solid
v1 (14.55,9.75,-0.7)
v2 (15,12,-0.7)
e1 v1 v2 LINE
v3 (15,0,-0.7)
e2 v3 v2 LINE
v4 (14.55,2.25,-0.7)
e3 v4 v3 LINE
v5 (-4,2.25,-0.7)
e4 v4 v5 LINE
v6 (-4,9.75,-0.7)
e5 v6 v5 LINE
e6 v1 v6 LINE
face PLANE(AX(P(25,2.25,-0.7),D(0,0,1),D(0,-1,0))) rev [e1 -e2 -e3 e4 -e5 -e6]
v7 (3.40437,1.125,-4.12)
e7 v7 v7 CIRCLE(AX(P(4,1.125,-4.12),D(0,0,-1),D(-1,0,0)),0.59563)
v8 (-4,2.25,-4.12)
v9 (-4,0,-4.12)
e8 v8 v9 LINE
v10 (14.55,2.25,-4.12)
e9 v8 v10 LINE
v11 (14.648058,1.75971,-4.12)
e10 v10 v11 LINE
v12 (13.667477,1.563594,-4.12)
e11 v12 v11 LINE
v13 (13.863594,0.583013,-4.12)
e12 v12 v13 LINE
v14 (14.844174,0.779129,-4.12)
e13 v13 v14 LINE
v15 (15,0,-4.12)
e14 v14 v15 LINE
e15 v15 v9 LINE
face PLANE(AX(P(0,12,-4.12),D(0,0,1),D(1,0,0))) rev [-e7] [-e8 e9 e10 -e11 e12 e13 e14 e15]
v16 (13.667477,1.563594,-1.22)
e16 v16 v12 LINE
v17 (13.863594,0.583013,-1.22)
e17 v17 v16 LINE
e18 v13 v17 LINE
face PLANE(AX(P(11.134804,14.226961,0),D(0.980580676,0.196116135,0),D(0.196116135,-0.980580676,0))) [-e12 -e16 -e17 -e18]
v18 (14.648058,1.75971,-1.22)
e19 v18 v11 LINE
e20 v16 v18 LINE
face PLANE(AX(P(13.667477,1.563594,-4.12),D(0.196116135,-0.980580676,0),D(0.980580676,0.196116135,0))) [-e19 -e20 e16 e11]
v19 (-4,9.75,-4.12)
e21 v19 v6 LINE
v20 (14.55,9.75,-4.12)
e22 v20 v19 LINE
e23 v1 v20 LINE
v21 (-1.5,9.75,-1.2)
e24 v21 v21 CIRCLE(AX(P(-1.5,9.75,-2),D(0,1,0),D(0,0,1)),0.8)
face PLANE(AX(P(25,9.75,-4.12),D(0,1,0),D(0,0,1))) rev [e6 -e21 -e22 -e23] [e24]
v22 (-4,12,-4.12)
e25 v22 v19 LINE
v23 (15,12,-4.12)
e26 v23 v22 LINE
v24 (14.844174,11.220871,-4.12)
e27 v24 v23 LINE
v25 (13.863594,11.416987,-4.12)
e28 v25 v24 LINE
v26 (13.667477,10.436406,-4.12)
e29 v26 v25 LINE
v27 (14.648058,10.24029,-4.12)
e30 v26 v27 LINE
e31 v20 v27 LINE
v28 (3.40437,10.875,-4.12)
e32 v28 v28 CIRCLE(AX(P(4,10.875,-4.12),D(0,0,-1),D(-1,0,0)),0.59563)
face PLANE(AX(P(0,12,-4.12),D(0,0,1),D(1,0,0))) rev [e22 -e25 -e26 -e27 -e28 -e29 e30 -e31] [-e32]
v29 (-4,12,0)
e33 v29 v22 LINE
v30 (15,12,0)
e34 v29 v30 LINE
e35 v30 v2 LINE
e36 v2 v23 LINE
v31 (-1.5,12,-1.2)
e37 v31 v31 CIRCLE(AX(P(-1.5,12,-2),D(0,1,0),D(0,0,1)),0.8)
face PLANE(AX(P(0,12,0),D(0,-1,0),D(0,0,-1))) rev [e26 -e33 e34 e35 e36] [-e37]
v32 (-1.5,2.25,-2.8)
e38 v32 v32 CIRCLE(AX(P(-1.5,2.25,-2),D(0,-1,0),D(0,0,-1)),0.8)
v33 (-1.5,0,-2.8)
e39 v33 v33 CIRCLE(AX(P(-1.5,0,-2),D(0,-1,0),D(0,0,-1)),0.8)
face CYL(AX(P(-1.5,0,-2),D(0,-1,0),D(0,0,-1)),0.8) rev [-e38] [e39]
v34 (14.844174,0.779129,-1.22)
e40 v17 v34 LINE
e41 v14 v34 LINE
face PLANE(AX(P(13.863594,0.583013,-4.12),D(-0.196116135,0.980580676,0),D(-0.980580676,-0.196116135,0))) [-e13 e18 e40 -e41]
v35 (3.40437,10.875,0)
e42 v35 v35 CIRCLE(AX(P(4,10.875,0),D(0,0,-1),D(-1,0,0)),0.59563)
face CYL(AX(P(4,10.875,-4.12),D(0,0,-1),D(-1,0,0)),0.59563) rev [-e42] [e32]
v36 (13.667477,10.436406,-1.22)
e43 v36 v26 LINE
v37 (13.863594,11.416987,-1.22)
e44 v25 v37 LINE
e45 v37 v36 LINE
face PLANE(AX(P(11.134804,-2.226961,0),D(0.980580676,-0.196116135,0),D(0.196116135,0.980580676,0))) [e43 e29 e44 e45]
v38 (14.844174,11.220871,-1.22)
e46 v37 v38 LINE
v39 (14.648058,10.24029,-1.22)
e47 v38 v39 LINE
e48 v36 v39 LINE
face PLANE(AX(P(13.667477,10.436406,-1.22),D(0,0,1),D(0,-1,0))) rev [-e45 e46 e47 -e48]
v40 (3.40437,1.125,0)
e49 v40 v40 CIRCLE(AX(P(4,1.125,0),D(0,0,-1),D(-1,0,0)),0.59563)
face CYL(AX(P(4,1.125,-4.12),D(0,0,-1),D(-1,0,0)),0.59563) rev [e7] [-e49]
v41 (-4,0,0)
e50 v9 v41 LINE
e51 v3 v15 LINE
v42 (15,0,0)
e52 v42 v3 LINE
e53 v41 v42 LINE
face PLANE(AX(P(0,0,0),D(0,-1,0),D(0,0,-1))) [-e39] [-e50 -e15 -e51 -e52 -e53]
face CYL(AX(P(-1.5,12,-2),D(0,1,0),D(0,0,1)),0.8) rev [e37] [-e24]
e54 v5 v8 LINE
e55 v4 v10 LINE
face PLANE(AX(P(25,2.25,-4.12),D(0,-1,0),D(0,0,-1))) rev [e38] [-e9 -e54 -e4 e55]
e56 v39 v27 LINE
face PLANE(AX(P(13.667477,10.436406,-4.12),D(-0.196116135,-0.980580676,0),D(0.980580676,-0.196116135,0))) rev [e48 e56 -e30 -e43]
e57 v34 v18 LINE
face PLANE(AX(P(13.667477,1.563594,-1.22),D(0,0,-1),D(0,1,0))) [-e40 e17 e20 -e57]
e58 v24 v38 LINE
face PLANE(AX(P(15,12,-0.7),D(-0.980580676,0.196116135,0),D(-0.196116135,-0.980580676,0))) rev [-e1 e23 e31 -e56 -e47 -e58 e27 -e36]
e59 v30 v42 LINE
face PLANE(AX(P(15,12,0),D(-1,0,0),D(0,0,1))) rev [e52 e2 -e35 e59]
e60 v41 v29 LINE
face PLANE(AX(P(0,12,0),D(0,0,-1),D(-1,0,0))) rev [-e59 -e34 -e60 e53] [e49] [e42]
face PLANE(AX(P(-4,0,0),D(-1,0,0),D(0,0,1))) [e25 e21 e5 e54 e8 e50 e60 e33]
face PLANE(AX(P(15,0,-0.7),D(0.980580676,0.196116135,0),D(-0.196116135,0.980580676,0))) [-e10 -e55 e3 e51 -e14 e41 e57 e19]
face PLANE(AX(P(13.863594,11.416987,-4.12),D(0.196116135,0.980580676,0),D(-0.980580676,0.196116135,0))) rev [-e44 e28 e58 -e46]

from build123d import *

# Parameters (mm, degrees)
SKETCH1_W           = 15
SKETCH1_H           = 4.12
BOSS_EXTRUDE1_DEPTH = 12
SKETCH3_W           = 3.42
SKETCH3_H           = 7.5
CUT_EXTRUDE1_DEPTH  = 25
CUT_EXTRUDE3_DEPTH  = 3.42
SKETCH7_W           = 2.9
SKETCH7_H           = 1
CUT_EXTRUDE4_DEPTH  = 1
BOSS_EXTRUDE2_DEPTH = 4


with BuildPart() as part:
    # Sketch1 → Boss-Extrude1 (new body)
    with BuildSketch(Plane(origin=(0, 0, 0), x_dir=(1, 0, 0), z_dir=(0, 1, 0))):
        with Locations((7.5, 2.06)):
            Rectangle(SKETCH1_W, SKETCH1_H)
    extrude(amount=BOSS_EXTRUDE1_DEPTH)

    # Sketch3 → Cut-Extrude1 (cut)
    with BuildSketch(Plane.ZY):
        with Locations((-2.41, 6)):
            Rectangle(SKETCH3_W, SKETCH3_H)
    extrude(amount=-CUT_EXTRUDE1_DEPTH, mode=Mode.SUBTRACT)

    # Sketch5 → Cut-Extrude3 (cut)
    with BuildSketch(Plane(origin=(0, 0, -4.12), x_dir=(-1, 0, 0), z_dir=(0, 0, -1))):
        Polygon((-15, 12), (-14.55, 9.75), (-15, 9.75), align=None)
    cut_extrude3 = extrude(amount=-CUT_EXTRUDE3_DEPTH, mode=Mode.SUBTRACT)

    # Mirror2: Cut-Extrude3 across plane
    add(cut_extrude3.mirror(Plane(origin=(0, 6, 0), x_dir=(0, 0, 1), z_dir=(0, -1, 0))), mode=Mode.SUBTRACT)

    # Sketch7 → Cut-Extrude4 (cut)
    with BuildSketch(Plane(origin=(12.115384617, -2.423076922, 0), x_dir=(0, 0, -1), z_dir=(0.9805806757046813, -0.19611613506937897, 0))):
        with Locations((2.67, 13.414151353)):
            Rectangle(SKETCH7_W, SKETCH7_H)
    cut_extrude4 = extrude(amount=-CUT_EXTRUDE4_DEPTH, mode=Mode.SUBTRACT)

    # Sketch10 → #0-80 Tapped Hole1 (revolve, cut)
    with BuildSketch(Plane(origin=(4, 10.875, -4.12), x_dir=(0, 1, 0), z_dir=(1, 0, 0))):
        Polygon((0, 0), (0, 5.307890611), (0.59563, 4.95), (0.59563, 0), align=None)
    f_0_80_tapped_hole1 = revolve(axis=Axis((4, 10.875, -10.47), (0, 0, 1)), mode=Mode.SUBTRACT)

    # Sketch12 → Boss-Extrude2 (add)
    with BuildSketch(Plane.ZY):
        Polygon((0, 0), (0, 12), (-4.12, 12), (-4.12, 9.75), (-0.7, 9.75), (-0.7, 2.25), (-4.12, 2.25), (-4.12, 0), align=None)
    extrude(amount=BOSS_EXTRUDE2_DEPTH)

    # Sketch15 → M2x0.4 Tapped Hole1 (revolve, cut)
    with BuildSketch(Plane(origin=(-1.5, 12, -2), x_dir=(0, 0, 1), z_dir=(1, 0, 0))):
        Polygon((0, 0), (0, 5.680688495), (0.8, 5.2), (0.8, 0), align=None)
    m2x0_4_tapped_hole1 = revolve(axis=Axis((-1.5, 18.35, -2), (0, -1, 0)), mode=Mode.SUBTRACT)

    # Mirror3: Cut-Extrude4, #0-80 Tapped Hole1, M2x0.4 Tapped Hole1 across plane
    add(cut_extrude4.mirror(Plane(origin=(0, 6, 0), x_dir=(0, 0, 1), z_dir=(0, -1, 0))), mode=Mode.SUBTRACT)
    add(f_0_80_tapped_hole1.mirror(Plane(origin=(0, 6, 0), x_dir=(0, 0, 1), z_dir=(0, -1, 0))), mode=Mode.SUBTRACT)
    add(m2x0_4_tapped_hole1.mirror(Plane(origin=(0, 6, 0), x_dir=(0, 0, 1), z_dir=(0, -1, 0))), mode=Mode.SUBTRACT)


solid = part.part
